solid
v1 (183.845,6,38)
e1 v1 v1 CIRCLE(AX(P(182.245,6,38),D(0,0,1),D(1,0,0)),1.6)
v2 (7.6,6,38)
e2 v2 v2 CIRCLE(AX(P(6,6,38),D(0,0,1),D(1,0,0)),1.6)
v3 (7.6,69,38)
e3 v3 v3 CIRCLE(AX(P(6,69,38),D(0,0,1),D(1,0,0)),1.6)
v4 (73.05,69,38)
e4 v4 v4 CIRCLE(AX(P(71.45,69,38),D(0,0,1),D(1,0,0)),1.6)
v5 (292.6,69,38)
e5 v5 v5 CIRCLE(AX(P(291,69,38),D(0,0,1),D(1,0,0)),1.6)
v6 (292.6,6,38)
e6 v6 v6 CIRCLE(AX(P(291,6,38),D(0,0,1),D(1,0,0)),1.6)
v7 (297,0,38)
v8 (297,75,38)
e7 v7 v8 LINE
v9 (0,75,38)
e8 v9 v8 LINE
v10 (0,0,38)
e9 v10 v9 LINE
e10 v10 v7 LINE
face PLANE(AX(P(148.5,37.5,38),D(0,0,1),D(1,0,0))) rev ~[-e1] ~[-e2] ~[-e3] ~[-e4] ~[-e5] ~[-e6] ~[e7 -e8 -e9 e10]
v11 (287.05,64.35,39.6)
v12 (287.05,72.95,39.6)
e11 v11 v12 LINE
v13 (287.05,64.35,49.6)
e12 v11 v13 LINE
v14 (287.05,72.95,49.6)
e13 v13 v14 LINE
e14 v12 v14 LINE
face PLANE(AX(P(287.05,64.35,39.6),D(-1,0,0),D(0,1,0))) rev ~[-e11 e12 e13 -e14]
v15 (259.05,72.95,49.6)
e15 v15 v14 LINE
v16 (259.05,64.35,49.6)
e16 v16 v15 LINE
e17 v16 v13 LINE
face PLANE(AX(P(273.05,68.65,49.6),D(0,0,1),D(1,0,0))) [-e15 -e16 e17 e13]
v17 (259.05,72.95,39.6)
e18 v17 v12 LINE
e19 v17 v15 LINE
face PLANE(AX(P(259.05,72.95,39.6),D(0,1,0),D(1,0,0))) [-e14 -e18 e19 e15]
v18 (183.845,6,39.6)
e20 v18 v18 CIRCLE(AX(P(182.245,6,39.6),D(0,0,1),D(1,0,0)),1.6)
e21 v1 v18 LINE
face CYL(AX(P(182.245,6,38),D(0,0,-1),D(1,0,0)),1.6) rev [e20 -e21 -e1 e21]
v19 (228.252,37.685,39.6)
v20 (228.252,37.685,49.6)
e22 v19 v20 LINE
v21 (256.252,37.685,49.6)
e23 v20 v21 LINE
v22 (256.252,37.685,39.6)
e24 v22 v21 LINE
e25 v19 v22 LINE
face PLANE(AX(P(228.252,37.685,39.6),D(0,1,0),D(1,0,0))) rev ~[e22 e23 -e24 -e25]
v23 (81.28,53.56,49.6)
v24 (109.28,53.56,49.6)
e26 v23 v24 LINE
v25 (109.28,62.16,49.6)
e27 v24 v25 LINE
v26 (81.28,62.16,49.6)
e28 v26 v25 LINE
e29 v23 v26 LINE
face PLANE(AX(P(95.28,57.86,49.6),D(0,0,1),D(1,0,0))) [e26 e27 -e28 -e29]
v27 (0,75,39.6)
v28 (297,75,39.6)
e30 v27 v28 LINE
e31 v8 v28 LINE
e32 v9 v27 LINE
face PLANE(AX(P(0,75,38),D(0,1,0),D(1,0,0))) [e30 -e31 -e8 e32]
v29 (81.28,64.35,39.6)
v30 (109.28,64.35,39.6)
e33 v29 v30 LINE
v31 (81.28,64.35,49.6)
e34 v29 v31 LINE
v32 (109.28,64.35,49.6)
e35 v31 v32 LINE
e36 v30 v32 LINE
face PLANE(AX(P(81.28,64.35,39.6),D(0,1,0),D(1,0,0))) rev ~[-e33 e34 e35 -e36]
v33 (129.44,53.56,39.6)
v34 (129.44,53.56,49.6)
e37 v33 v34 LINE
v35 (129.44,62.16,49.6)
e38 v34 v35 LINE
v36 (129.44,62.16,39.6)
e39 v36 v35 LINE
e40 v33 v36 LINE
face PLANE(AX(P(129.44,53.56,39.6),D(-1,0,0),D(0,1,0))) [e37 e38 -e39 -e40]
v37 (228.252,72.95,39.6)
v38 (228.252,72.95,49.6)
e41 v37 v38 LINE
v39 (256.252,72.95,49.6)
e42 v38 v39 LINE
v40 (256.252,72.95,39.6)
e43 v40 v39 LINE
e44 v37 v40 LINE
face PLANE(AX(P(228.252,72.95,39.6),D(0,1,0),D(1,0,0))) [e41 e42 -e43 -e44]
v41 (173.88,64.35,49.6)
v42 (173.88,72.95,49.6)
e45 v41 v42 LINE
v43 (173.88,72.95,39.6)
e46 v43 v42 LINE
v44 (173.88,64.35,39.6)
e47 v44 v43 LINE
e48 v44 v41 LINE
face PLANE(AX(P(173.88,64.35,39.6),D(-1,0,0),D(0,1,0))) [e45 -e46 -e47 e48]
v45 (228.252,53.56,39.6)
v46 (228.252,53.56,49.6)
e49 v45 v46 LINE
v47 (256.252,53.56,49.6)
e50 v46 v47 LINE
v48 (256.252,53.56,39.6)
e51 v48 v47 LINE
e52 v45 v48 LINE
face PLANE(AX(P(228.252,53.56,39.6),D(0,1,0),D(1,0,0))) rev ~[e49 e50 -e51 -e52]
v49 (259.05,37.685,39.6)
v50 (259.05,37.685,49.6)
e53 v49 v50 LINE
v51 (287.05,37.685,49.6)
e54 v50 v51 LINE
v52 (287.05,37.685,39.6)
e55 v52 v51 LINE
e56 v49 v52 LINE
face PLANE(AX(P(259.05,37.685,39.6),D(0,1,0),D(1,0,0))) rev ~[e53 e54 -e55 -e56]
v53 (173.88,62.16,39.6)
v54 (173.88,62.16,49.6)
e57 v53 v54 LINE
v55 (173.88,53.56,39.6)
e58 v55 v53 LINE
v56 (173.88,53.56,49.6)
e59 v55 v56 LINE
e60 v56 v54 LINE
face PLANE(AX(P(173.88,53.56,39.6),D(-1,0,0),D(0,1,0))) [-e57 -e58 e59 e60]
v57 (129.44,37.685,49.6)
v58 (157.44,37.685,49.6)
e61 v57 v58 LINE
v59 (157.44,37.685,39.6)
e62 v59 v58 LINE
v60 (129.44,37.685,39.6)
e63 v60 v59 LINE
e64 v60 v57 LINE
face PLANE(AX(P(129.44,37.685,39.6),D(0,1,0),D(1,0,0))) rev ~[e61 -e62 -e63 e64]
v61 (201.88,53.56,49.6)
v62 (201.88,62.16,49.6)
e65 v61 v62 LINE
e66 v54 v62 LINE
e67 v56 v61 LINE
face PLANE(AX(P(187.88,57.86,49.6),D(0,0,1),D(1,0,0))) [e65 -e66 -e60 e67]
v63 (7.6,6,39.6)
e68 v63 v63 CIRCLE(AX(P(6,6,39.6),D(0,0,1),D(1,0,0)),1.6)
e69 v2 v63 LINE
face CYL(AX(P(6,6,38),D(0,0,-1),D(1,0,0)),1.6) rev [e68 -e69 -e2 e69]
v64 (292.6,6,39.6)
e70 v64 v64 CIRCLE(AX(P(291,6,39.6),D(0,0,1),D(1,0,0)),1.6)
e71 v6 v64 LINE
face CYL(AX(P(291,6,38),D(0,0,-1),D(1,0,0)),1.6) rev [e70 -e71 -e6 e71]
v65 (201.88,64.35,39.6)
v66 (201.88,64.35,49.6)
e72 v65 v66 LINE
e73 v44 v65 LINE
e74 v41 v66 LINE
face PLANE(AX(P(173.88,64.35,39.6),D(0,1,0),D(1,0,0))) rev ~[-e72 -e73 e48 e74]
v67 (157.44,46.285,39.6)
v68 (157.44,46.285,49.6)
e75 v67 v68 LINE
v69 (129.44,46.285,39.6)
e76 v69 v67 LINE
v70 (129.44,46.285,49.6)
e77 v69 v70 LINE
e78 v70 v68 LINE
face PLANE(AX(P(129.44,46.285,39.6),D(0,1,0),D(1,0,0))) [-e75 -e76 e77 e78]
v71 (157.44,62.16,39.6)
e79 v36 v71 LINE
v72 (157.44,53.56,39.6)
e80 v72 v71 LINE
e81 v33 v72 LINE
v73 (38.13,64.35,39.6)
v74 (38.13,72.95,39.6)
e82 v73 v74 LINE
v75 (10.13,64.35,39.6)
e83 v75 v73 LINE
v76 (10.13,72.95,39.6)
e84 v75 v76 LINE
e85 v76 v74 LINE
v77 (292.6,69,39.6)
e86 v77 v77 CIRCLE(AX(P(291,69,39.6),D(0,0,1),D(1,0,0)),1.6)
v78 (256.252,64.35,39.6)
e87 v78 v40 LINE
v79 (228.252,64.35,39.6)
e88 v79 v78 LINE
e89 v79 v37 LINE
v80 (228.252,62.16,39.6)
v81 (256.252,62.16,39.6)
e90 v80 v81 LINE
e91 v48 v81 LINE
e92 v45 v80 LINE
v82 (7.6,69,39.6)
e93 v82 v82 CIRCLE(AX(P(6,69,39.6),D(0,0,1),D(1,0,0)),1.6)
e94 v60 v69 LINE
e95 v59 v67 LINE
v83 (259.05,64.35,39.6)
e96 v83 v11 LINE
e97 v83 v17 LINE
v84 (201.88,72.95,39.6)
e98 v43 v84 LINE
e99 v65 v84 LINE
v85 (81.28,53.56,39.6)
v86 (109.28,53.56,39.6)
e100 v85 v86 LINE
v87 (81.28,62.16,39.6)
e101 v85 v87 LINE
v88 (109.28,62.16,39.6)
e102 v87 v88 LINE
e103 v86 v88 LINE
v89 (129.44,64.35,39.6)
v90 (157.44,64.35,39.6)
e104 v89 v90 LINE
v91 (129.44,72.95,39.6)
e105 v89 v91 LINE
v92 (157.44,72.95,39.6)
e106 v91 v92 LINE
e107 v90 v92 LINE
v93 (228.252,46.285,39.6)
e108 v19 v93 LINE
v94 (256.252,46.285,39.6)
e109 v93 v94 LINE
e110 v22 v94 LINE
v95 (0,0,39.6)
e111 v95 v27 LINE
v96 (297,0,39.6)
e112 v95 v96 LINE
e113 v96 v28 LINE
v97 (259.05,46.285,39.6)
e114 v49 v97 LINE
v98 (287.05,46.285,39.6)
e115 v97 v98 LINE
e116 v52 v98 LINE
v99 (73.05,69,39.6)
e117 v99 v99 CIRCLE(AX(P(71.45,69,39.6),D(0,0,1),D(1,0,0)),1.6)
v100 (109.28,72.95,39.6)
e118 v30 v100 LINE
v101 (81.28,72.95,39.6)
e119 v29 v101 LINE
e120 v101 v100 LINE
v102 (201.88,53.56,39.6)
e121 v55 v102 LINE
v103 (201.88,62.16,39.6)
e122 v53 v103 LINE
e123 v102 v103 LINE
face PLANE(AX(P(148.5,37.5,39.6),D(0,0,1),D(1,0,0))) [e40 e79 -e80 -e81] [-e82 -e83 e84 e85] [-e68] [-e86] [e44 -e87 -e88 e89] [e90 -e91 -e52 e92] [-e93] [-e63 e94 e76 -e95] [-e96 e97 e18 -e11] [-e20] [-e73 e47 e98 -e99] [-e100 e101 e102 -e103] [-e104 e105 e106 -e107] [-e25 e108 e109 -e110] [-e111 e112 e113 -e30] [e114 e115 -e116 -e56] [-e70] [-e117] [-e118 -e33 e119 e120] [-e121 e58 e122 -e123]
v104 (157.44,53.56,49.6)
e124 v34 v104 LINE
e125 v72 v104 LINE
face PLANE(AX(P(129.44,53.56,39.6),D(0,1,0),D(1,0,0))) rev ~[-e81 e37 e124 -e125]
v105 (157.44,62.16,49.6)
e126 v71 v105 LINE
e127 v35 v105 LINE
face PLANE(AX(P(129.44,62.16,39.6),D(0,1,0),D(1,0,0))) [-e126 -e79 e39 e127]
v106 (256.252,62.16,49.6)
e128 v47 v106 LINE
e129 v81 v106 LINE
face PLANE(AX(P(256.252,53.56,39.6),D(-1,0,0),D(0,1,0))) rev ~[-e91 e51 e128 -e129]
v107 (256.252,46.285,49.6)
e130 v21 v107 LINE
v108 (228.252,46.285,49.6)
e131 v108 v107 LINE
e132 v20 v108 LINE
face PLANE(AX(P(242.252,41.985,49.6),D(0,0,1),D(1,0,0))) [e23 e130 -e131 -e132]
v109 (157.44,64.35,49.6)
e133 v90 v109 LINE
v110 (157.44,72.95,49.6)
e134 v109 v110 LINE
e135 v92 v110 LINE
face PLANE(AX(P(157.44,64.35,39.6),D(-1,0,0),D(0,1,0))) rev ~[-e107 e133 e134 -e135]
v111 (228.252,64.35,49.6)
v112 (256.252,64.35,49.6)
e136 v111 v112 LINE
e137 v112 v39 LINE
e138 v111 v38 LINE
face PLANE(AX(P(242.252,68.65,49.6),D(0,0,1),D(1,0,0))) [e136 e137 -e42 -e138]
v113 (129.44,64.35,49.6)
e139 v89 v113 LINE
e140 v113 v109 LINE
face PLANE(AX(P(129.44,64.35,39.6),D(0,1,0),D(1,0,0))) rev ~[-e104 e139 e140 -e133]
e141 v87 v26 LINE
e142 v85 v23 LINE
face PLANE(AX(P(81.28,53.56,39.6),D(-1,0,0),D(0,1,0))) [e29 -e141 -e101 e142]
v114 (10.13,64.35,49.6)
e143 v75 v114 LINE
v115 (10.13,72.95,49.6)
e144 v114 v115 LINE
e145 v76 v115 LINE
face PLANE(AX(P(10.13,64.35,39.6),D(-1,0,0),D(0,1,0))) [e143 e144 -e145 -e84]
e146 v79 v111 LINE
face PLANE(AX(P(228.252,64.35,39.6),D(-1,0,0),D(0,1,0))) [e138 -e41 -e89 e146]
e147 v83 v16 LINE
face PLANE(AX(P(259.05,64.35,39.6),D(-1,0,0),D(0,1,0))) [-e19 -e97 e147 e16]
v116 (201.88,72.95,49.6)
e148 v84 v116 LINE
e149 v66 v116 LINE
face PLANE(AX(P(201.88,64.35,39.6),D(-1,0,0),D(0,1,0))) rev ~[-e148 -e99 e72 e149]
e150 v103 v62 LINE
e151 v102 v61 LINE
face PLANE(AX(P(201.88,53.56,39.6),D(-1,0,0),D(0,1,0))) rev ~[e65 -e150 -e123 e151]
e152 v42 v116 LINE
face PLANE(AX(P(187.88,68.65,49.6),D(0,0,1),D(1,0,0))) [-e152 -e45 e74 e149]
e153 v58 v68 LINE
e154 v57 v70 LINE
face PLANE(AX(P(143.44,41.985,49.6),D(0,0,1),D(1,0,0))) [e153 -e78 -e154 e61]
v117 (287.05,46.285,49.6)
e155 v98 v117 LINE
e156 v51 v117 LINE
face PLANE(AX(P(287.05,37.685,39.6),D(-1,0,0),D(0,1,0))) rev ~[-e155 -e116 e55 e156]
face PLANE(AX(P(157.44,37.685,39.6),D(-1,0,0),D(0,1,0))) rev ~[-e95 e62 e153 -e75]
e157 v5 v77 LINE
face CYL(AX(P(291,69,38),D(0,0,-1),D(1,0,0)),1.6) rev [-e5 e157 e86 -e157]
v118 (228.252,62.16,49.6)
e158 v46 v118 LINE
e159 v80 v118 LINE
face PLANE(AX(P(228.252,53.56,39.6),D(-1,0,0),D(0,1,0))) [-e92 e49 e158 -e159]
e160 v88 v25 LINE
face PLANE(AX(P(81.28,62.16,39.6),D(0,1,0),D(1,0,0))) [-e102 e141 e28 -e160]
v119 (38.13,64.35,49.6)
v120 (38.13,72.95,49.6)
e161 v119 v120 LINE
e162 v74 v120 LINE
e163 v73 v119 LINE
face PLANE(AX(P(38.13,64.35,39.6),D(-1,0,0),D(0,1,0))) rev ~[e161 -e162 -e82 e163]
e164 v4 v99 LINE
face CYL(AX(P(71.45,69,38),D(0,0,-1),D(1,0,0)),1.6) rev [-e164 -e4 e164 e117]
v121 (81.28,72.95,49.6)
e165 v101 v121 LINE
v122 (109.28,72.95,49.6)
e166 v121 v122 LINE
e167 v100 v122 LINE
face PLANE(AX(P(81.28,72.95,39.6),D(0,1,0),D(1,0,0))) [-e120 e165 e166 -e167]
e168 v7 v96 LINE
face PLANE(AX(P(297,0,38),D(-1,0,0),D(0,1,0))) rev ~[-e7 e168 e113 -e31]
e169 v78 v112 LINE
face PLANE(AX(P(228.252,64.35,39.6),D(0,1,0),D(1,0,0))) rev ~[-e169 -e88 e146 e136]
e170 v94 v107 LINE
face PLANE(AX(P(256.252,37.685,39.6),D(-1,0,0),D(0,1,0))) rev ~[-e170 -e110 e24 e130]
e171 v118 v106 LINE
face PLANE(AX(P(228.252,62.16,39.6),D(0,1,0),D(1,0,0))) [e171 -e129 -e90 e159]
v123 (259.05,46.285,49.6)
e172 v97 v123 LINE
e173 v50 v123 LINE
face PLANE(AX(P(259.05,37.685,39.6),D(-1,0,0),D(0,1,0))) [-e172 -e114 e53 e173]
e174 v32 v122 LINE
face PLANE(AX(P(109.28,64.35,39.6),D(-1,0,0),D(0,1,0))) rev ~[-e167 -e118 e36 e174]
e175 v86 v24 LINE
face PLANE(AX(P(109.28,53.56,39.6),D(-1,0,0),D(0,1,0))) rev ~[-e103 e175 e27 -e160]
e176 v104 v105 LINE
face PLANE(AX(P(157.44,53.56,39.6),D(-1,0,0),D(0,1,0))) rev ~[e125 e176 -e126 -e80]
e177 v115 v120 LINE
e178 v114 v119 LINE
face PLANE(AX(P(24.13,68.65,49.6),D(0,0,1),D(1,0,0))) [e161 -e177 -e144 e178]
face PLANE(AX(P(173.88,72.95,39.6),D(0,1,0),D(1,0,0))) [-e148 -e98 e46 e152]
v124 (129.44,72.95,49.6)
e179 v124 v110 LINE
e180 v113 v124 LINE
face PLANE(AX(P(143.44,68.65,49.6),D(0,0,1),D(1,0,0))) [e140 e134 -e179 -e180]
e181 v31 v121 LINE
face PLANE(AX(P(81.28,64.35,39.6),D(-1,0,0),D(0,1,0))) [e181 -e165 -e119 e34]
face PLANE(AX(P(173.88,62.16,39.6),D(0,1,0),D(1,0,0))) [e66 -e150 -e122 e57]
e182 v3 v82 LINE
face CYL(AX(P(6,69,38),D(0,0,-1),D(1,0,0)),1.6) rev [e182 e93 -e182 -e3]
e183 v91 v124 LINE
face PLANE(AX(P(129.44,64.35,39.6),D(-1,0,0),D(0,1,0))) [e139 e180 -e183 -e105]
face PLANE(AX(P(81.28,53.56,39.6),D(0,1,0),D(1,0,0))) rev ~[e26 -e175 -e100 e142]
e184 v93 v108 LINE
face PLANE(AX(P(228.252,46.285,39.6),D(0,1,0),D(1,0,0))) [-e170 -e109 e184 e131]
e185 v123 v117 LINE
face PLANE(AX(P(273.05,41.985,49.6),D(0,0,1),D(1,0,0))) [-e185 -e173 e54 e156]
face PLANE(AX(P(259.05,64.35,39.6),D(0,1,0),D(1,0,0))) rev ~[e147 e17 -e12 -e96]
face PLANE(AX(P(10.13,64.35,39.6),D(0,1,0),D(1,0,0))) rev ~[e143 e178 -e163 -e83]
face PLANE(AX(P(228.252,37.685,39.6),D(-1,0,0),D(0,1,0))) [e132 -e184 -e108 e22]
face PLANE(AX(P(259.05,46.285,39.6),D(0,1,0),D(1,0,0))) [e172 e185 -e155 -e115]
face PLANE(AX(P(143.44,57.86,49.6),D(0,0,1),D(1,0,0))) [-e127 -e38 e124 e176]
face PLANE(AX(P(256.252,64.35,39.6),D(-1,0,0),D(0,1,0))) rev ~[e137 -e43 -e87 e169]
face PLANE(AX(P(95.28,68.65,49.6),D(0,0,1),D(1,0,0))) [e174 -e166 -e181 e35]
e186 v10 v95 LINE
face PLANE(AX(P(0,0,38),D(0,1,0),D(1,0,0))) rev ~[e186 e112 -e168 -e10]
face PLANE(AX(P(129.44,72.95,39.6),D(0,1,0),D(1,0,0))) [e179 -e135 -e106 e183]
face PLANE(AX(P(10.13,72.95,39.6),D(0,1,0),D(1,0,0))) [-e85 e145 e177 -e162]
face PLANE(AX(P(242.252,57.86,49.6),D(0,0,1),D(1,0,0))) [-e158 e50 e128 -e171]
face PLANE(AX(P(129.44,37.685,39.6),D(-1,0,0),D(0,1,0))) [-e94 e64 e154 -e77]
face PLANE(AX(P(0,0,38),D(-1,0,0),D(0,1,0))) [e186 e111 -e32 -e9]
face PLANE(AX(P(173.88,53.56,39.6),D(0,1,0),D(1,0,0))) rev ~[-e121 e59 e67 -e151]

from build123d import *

# Parameters (mm, degrees)
SKETCH004_W      = 297
SKETCH004_H      = 75
SKETCH004_R      = 1.6
EXTRUDE004_DEPTH = 1.6
SKETCH005_W      = 28
SKETCH005_H      = 8.6
EXTRUDE005_DEPTH = 10


with BuildPart() as extrude004:
    # Sketch004 → Extrude004 (new body)
    with BuildSketch(Plane.XY.offset(38)):
        with Locations((148.5, 37.5)):
            Rectangle(SKETCH004_W, SKETCH004_H)
        with Locations((6, 69)):
            Circle(SKETCH004_R, mode=Mode.SUBTRACT)
        with Locations((6, 6)):
            Circle(SKETCH004_R, mode=Mode.SUBTRACT)
        with Locations((291, 69)):
            Circle(SKETCH004_R, mode=Mode.SUBTRACT)
        with Locations((291, 6)):
            Circle(SKETCH004_R, mode=Mode.SUBTRACT)
        with Locations((71.45, 69)):
            Circle(SKETCH004_R, mode=Mode.SUBTRACT)
        with Locations((182.245, 6)):
            Circle(SKETCH004_R, mode=Mode.SUBTRACT)
    extrude(amount=EXTRUDE004_DEPTH)


with BuildPart() as sysbus:
    # Sketch005 (on Face12 of Extrude004) → Extrude005 (new body)
    with BuildSketch(Plane.XY.offset(39.6)):
        with Locations((187.88, 68.65)):
            Rectangle(SKETCH005_W, SKETCH005_H)
        with Locations((187.88, 57.86)):
            Rectangle(SKETCH005_W, SKETCH005_H)
        with Locations((143.44, 68.65)):
            Rectangle(SKETCH005_W, SKETCH005_H)
        with Locations((143.44, 57.86)):
            Rectangle(SKETCH005_W, SKETCH005_H)
        with Locations((143.44, 41.985)):
            Rectangle(SKETCH005_W, SKETCH005_H)
        with Locations((24.13, 68.65)):
            Rectangle(SKETCH005_W, SKETCH005_H)
        with Locations((273.05, 68.65)):
            Rectangle(SKETCH005_W, SKETCH005_H)
        with Locations((273.05, 41.985)):
            Rectangle(SKETCH005_W, SKETCH005_H)
        with Locations((95.28, 68.65)):
            Rectangle(SKETCH005_W, SKETCH005_H)
        with Locations((95.28, 57.86)):
            Rectangle(SKETCH005_W, SKETCH005_H)
        with Locations((242.252, 68.65)):
            Rectangle(SKETCH005_W, SKETCH005_H)
        with Locations((242.252, 57.86)):
            Rectangle(SKETCH005_W, SKETCH005_H)
        with Locations((242.252, 41.985)):
            Rectangle(SKETCH005_W, SKETCH005_H)
    extrude(amount=EXTRUDE005_DEPTH)

    # Fusion001: union Extrude004
    add(extrude004.part)


solid = sysbus.part
